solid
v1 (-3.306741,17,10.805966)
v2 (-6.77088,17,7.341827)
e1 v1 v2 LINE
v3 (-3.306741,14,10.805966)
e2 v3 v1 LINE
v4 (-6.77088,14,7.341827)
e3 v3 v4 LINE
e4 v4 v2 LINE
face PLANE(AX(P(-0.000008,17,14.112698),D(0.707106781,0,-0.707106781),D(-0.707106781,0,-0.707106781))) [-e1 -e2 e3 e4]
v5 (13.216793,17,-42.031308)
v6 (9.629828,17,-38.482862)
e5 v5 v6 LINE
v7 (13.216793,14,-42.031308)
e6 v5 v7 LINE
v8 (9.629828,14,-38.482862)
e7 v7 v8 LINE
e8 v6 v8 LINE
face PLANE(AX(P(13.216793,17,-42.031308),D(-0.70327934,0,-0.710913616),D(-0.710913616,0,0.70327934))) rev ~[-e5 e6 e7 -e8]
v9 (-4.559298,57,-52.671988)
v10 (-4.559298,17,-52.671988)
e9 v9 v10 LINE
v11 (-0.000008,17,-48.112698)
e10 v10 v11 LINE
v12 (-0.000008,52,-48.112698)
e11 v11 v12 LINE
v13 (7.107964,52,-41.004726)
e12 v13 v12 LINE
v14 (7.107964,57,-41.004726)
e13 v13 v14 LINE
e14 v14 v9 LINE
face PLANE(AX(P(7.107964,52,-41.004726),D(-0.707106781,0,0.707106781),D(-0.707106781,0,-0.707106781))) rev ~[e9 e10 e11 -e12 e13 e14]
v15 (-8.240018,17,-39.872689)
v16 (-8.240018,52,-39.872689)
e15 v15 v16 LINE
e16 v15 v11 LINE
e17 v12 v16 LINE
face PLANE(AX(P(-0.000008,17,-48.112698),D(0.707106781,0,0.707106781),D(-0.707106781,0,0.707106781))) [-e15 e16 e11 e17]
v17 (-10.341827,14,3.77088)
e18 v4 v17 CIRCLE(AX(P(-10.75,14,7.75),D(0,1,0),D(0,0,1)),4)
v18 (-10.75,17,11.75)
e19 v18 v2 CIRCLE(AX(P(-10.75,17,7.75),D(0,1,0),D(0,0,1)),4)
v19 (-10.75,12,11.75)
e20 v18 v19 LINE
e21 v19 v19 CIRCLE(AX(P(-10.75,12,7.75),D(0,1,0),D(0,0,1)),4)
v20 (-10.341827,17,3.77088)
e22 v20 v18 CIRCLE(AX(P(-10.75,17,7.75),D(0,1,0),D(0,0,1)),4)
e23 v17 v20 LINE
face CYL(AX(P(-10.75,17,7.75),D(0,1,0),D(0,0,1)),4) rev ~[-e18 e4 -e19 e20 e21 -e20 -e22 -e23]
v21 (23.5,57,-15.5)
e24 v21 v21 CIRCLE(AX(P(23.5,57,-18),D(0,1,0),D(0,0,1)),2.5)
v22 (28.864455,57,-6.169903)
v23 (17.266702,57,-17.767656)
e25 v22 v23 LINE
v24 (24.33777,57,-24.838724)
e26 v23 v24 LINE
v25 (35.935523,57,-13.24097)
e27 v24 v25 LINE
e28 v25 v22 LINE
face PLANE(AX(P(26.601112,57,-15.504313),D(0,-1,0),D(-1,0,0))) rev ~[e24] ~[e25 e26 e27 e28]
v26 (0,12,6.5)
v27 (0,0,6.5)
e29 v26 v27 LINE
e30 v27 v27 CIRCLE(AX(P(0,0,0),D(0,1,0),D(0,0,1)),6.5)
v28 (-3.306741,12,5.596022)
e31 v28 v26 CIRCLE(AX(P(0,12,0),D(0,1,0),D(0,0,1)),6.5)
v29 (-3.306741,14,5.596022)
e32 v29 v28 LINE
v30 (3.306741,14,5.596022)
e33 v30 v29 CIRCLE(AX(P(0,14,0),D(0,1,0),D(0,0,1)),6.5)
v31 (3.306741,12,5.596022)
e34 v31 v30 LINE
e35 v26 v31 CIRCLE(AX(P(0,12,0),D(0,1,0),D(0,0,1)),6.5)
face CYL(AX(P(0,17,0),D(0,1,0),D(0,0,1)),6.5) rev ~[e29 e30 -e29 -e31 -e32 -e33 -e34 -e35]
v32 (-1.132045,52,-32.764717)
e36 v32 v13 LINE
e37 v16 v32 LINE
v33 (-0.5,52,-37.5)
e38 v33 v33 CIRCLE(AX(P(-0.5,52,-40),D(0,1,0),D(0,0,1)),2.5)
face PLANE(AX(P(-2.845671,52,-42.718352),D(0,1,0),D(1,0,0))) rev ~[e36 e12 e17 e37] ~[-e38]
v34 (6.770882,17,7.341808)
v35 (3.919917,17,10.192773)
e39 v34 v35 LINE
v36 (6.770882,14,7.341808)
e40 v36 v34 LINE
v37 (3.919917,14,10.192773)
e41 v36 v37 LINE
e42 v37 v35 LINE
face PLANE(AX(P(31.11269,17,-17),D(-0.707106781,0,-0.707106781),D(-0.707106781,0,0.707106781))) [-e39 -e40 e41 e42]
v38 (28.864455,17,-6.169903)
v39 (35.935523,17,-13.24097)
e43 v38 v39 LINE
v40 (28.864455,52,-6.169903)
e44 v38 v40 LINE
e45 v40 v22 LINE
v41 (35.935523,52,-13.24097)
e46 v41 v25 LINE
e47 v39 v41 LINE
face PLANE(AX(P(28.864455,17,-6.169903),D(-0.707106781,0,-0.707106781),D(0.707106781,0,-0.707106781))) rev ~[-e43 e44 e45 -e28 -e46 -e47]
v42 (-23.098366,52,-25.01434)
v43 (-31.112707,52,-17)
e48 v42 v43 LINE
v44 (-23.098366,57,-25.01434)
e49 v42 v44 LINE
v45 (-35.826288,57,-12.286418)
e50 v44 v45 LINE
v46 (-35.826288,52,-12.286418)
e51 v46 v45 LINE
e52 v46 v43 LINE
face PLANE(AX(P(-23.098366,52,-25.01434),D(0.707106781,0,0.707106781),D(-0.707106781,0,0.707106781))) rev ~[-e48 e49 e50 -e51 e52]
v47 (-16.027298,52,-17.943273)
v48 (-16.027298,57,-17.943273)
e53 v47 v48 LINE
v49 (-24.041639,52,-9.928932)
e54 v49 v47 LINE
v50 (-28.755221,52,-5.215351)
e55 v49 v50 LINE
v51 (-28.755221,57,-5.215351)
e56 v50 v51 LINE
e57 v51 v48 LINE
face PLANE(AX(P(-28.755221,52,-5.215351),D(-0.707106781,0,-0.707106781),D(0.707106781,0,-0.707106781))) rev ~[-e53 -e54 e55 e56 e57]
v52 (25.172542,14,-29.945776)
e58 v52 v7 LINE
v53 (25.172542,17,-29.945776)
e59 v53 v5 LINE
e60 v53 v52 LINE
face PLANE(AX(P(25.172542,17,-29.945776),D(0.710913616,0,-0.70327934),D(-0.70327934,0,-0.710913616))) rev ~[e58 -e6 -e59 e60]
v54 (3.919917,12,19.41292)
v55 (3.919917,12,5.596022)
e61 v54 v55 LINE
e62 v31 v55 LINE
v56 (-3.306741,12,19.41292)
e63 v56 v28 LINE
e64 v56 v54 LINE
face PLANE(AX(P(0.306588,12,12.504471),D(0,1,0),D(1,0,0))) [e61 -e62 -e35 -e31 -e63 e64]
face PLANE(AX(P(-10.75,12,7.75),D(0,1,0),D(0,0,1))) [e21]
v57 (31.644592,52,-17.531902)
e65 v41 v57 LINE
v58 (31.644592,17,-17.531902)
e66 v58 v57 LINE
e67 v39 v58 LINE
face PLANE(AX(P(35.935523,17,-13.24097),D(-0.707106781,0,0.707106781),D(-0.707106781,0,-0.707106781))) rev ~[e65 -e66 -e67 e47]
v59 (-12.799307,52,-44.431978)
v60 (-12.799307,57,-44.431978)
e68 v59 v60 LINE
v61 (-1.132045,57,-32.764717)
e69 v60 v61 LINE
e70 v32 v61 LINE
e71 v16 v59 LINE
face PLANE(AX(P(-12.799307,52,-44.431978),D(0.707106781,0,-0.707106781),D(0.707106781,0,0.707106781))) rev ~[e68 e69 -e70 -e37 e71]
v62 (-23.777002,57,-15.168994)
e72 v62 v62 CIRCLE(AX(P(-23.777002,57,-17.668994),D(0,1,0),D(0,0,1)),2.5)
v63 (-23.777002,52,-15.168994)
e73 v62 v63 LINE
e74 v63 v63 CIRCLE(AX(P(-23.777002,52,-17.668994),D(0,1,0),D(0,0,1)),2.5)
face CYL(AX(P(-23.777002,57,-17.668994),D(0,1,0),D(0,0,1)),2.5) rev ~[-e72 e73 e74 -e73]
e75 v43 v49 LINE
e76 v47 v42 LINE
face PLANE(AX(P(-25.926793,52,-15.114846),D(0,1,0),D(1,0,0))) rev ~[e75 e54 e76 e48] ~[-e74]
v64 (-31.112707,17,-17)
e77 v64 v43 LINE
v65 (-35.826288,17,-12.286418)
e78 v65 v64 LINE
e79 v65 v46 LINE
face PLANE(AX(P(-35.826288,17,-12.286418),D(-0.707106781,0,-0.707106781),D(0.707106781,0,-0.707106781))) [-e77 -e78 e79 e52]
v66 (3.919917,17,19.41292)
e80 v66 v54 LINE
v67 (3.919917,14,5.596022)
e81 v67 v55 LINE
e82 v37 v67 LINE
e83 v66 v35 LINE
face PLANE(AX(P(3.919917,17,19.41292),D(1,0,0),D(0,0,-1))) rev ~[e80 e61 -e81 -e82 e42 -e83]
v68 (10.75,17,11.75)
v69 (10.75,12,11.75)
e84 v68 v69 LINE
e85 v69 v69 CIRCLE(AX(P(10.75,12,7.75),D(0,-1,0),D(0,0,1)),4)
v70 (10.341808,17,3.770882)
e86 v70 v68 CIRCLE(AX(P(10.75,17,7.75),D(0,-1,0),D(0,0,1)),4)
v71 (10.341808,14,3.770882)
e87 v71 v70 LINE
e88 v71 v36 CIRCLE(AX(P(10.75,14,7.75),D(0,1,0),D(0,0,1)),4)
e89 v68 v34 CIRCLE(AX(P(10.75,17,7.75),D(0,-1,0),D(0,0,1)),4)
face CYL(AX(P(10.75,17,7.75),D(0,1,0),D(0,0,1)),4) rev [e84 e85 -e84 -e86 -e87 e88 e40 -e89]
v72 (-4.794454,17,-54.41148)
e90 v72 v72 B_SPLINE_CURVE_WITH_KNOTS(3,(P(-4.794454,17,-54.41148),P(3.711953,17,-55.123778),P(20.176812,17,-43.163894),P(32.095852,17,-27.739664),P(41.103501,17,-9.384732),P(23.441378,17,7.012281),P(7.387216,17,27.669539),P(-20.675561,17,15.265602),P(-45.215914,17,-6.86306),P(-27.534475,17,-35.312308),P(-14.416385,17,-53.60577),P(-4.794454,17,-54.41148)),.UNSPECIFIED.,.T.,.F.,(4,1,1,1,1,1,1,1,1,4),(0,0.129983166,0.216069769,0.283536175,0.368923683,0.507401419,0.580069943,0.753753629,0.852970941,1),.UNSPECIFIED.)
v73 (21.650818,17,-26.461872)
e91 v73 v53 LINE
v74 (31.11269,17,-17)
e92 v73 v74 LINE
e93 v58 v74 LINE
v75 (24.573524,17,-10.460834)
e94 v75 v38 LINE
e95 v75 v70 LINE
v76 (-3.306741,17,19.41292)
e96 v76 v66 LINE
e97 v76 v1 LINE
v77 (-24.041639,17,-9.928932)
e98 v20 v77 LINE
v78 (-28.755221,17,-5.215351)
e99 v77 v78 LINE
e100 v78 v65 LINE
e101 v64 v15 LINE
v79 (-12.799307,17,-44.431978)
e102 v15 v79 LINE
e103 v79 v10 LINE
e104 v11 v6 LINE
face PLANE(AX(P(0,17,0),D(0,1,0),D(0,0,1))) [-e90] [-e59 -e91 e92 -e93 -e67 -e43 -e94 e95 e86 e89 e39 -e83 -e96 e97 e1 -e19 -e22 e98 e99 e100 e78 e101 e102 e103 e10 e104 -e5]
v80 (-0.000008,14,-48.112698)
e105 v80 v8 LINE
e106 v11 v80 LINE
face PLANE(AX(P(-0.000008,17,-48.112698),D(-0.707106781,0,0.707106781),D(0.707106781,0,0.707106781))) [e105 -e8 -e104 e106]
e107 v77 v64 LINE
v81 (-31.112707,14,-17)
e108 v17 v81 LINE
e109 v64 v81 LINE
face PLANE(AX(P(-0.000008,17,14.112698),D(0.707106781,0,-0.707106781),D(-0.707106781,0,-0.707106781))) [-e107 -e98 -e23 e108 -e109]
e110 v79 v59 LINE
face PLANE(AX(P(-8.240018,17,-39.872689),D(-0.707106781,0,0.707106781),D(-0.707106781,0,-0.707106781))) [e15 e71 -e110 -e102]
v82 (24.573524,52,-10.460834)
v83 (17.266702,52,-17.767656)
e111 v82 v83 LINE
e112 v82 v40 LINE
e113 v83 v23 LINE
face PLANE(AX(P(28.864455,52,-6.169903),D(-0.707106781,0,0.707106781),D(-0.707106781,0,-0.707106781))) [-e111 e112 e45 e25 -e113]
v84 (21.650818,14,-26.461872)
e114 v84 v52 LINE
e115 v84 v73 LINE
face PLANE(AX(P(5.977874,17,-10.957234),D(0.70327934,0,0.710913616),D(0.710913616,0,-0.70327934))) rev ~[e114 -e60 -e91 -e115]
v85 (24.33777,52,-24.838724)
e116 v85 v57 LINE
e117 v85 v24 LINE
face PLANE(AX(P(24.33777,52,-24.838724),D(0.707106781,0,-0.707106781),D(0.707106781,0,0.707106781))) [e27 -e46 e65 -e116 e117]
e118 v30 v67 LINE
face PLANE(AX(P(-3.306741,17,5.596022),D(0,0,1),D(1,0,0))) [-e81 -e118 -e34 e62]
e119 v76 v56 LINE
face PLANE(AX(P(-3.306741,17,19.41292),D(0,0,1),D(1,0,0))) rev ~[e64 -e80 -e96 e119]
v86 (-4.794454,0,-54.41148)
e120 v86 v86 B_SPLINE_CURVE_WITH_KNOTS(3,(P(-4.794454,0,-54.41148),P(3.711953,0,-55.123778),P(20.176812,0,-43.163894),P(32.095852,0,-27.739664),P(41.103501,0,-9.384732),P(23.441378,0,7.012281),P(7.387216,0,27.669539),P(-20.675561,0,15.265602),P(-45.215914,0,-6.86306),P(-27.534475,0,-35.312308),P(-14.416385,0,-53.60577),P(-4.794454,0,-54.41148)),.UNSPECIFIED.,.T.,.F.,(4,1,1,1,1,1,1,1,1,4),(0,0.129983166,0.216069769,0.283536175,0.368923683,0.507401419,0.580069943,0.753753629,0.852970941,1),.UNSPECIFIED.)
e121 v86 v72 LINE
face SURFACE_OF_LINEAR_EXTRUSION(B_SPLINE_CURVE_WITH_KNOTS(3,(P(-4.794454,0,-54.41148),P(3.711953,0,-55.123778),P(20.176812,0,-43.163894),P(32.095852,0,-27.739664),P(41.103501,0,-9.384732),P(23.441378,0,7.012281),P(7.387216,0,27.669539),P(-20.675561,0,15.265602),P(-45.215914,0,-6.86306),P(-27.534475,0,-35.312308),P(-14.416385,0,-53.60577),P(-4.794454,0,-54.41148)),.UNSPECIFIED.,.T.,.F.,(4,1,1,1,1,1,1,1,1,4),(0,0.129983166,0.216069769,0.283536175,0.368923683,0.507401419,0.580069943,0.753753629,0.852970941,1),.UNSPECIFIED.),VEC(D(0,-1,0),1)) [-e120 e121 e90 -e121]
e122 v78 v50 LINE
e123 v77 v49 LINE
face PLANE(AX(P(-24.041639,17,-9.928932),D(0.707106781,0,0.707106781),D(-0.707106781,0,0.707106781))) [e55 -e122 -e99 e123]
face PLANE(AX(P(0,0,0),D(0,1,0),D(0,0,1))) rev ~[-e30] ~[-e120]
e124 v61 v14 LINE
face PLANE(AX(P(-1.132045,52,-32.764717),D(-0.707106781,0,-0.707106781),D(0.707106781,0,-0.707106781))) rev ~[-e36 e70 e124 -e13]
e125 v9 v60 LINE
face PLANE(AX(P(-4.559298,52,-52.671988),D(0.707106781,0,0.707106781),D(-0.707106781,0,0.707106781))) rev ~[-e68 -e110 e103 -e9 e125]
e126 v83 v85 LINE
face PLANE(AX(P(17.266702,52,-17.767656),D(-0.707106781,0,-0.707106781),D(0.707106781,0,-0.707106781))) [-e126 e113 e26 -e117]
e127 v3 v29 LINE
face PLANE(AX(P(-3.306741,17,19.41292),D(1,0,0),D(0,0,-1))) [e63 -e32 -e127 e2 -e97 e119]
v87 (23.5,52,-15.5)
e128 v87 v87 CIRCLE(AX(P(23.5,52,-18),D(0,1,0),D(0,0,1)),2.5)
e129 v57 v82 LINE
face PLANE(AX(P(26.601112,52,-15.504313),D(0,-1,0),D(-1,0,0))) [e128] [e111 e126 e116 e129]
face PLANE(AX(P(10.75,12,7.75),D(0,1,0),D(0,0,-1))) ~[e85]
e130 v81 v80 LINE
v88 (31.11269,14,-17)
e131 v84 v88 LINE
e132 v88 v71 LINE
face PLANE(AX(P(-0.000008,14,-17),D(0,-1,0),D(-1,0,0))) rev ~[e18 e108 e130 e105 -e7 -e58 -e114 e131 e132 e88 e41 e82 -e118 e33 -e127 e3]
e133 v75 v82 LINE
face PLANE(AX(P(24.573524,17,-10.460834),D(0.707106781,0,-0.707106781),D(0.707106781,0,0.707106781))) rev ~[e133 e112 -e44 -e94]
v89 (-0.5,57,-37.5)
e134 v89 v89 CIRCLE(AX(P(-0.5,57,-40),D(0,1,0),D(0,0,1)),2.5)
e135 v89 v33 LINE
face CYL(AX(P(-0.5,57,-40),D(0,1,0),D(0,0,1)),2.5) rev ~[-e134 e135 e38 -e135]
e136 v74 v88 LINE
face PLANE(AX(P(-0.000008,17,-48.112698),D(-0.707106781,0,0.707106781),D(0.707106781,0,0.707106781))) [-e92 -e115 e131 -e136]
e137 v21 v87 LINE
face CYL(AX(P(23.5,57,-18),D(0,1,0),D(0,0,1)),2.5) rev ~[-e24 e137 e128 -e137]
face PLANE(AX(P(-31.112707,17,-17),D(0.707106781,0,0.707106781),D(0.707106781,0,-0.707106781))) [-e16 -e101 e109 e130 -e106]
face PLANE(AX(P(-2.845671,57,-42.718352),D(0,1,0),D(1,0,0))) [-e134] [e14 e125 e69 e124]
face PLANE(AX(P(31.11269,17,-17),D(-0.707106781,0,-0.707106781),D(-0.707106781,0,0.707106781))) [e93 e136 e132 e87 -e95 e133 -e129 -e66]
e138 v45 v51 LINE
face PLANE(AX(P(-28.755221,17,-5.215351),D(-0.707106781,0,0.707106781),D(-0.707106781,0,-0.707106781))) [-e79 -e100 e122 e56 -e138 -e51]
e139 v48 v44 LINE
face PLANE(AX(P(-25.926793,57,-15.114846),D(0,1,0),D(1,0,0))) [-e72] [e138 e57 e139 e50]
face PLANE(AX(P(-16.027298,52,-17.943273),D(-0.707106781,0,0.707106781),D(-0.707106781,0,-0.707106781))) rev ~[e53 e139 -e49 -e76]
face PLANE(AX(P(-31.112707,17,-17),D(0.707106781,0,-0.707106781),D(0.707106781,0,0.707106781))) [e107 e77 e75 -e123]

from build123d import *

# Parameters (mm, degrees)
SKETCH2_R           = 60
BOSS_EXTRUDE1_DEPTH = 17
SKETCH4_R           = 6.5
CUT_EXTRUDE1_DEPTH  = 17
SKETCH7_R           = 4
CUT_EXTRUDE2_DEPTH  = 5
SKETCH8_W           = 7.226657057
SKETCH8_H           = 13.816897518
CUT_EXTRUDE3_DEPTH  = 5
CUT_EXTRUDE4_DEPTH  = 3
CUT_EXTRUDE5_DEPTH  = 3
BOSS_EXTRUDE2_DEPTH = 35
BOSS_EXTRUDE3_DEPTH = 5
SKETCH13_R          = 2.5
CUT_EXTRUDE7_DEPTH  = 5
SKETCH15_R          = 2.5
CUT_EXTRUDE8_DEPTH  = 5
SKETCH14_R          = 2.5
CUT_EXTRUDE9_DEPTH  = 5
CUT_EXTRUDE10_START = -17
SKETCH16_R          = 60
CUT_EXTRUDE10_DEPTH = 17


with BuildPart() as part:
    # Sketch2 → Boss-Extrude1 (new body)
    with BuildSketch(Plane(origin=(0, 0, 0), x_dir=(1, 0, 0), z_dir=(0, 1, 0))):
        with Locations(Location((0, 0, 0), (0, 0, 270))):
            Circle(SKETCH2_R)
    extrude(amount=BOSS_EXTRUDE1_DEPTH)

    # Sketch4 → Cut-Extrude1 (cut)
    with BuildSketch(Plane(origin=(0, 17, 0), x_dir=(1, 0, 0), z_dir=(0, 1, 0))):
        with Locations(Location((0, 0, 0), (0, 0, 270))):
            Circle(SKETCH4_R)
    extrude(amount=-CUT_EXTRUDE1_DEPTH, mode=Mode.SUBTRACT)

    # Sketch7 → Cut-Extrude2 (cut)
    with BuildSketch(Plane(origin=(0, 17, 0), x_dir=(1, 0, 0), z_dir=(0, 1, 0))):
        with Locations(Location((-10.75, -7.75, 0), (0, 0, 270))):
            Circle(SKETCH7_R)
    cut_extrude2 = extrude(amount=-CUT_EXTRUDE2_DEPTH, mode=Mode.SUBTRACT)

    # Mirror1: Cut-Extrude2 across plane
    add(cut_extrude2.mirror(Plane(origin=(0, 0, 0), x_dir=(0, 0, 1), z_dir=(1, 0, 0))), mode=Mode.SUBTRACT)

    # Sketch8 → Cut-Extrude3 (cut)
    with BuildSketch(Plane(origin=(0, 17, 0), x_dir=(1, 0, 0), z_dir=(0, 1, 0))):
        with Locations((0.306588, -12.504471192)):
            Rectangle(SKETCH8_W, SKETCH8_H)
    extrude(amount=-CUT_EXTRUDE3_DEPTH, mode=Mode.SUBTRACT)

    # Sketch9 → Cut-Extrude4 (cut)
    with BuildSketch(Plane(origin=(0, 17, 0), x_dir=(1, 0, 0), z_dir=(0, 1, 0))):
        Polygon((-31.112706744, 17), (-8.372e-06, 48.112698372), (31.11269, 17), (-8.372e-06, -14.112698372), align=None)
    extrude(amount=-CUT_EXTRUDE4_DEPTH, mode=Mode.SUBTRACT)

    # Sketch6 → Cut-Extrude5 (cut)
    with BuildSketch(Plane(origin=(0, 17, 0), x_dir=(1, 0, 0), z_dir=(0, 1, 0))):
        Polygon((-5.977874391, 23.042765738), (5.977874391, 10.957234262), (25.17254203, 29.945776443), (13.216793249, 42.03130792), align=None)
    extrude(amount=-CUT_EXTRUDE5_DEPTH, mode=Mode.SUBTRACT)

    # Sketch11 → Boss-Extrude2 (add)
    with BuildSketch(Plane(origin=(0, 17, 0), x_dir=(1, 0, 0), z_dir=(0, 1, 0))):
        Polygon((-8.372e-06, 48.112698372), (-8.240017503, 39.872689242), (-12.799306685, 44.431978425), (-4.559297555, 52.671987555), align=None)
        Polygon((-31.112706744, 17), (-24.041638933, 9.928932188), (-28.755220541, 5.21535058), (-35.826288353, 12.286418392), align=None)
        Polygon((31.644591703, 17.531901703), (24.573523891, 10.460833891), (28.864455193, 6.169902588), (35.935523005, 13.2409704), align=None)
    extrude(amount=BOSS_EXTRUDE2_DEPTH)

    # Sketch12 → Boss-Extrude3 (add)
    with BuildSketch(Plane(origin=(0, 52, 0), x_dir=(1, 0, 0), z_dir=(0, 1, 0))):
        Polygon((-4.559297555, 52.671987555), (-12.799306685, 44.431978425), (-1.132044796, 32.764716535), (7.107964335, 41.004725665), align=None)
        Polygon((-35.826288353, 12.286418392), (-28.755220541, 5.21535058), (-16.027298479, 17.943272641), (-23.098366291, 25.014340453), align=None)
        Polygon((35.935523005, 13.2409704), (28.864455193, 6.169902588), (17.266701717, 17.767656064), (24.337769529, 24.838723876), align=None)
    extrude(amount=BOSS_EXTRUDE3_DEPTH)

    # Sketch13 → Cut-Extrude7 (cut)
    with BuildSketch(Plane(origin=(0, 57, 0), x_dir=(1, 0, 0), z_dir=(0, 1, 0))):
        with Locations(Location((-0.5, 40, 0), (0, 0, 270))):
            Circle(SKETCH13_R)
    extrude(amount=-CUT_EXTRUDE7_DEPTH, mode=Mode.SUBTRACT)

    # Sketch15 → Cut-Extrude8 (cut)
    with BuildSketch(Plane(origin=(0, 57, 0), x_dir=(1, 0, 0), z_dir=(0, 1, 0))):
        with Locations(Location((-23.777002133, 17.668993601, 0), (0, 0, 270))):
            Circle(SKETCH15_R)
    extrude(amount=-CUT_EXTRUDE8_DEPTH, mode=Mode.SUBTRACT)

    # Sketch14 → Cut-Extrude9 (cut)
    with BuildSketch(Plane(origin=(0, 57, 0), x_dir=(1, 0, 0), z_dir=(0, 1, 0))):
        with Locations(Location((23.5, 18, 0), (0, 0, 270))):
            Circle(SKETCH14_R)
    extrude(amount=-CUT_EXTRUDE9_DEPTH, mode=Mode.SUBTRACT)

    # Sketch16 → Cut-Extrude10 (cut)
    with BuildSketch(Plane(origin=(0, 17, 0), x_dir=(1, 0, 0), z_dir=(0, 1, 0)).offset(CUT_EXTRUDE10_START)):
        Circle(SKETCH16_R)
        with BuildLine():
            add(Edge.make_bspline(
                [(-4.79445414, 54.411479542), (3.711953261, 55.123778385), (20.176812176, 43.163893552), (32.095851639, 27.739664068), (41.103501035, 9.384731909), (23.441378071, -7.012281145), (7.387216057, -27.669539214), (-20.675561177, -15.265601832), (-45.215914175, 6.863059518), (-27.534475147, 35.312307502), (-14.416385352, 53.60577037), (-4.79445414, 54.411479542)],
                knots=[0, 0, 0, 0, 0.129983166, 0.216069769, 0.283536175, 0.368923683, 0.507401419, 0.580069943, 0.753753629, 0.852970941, 1, 1, 1, 1], degree=3))
        make_face(mode=Mode.SUBTRACT)
    extrude(amount=CUT_EXTRUDE10_DEPTH, mode=Mode.SUBTRACT)


solid = part.part
